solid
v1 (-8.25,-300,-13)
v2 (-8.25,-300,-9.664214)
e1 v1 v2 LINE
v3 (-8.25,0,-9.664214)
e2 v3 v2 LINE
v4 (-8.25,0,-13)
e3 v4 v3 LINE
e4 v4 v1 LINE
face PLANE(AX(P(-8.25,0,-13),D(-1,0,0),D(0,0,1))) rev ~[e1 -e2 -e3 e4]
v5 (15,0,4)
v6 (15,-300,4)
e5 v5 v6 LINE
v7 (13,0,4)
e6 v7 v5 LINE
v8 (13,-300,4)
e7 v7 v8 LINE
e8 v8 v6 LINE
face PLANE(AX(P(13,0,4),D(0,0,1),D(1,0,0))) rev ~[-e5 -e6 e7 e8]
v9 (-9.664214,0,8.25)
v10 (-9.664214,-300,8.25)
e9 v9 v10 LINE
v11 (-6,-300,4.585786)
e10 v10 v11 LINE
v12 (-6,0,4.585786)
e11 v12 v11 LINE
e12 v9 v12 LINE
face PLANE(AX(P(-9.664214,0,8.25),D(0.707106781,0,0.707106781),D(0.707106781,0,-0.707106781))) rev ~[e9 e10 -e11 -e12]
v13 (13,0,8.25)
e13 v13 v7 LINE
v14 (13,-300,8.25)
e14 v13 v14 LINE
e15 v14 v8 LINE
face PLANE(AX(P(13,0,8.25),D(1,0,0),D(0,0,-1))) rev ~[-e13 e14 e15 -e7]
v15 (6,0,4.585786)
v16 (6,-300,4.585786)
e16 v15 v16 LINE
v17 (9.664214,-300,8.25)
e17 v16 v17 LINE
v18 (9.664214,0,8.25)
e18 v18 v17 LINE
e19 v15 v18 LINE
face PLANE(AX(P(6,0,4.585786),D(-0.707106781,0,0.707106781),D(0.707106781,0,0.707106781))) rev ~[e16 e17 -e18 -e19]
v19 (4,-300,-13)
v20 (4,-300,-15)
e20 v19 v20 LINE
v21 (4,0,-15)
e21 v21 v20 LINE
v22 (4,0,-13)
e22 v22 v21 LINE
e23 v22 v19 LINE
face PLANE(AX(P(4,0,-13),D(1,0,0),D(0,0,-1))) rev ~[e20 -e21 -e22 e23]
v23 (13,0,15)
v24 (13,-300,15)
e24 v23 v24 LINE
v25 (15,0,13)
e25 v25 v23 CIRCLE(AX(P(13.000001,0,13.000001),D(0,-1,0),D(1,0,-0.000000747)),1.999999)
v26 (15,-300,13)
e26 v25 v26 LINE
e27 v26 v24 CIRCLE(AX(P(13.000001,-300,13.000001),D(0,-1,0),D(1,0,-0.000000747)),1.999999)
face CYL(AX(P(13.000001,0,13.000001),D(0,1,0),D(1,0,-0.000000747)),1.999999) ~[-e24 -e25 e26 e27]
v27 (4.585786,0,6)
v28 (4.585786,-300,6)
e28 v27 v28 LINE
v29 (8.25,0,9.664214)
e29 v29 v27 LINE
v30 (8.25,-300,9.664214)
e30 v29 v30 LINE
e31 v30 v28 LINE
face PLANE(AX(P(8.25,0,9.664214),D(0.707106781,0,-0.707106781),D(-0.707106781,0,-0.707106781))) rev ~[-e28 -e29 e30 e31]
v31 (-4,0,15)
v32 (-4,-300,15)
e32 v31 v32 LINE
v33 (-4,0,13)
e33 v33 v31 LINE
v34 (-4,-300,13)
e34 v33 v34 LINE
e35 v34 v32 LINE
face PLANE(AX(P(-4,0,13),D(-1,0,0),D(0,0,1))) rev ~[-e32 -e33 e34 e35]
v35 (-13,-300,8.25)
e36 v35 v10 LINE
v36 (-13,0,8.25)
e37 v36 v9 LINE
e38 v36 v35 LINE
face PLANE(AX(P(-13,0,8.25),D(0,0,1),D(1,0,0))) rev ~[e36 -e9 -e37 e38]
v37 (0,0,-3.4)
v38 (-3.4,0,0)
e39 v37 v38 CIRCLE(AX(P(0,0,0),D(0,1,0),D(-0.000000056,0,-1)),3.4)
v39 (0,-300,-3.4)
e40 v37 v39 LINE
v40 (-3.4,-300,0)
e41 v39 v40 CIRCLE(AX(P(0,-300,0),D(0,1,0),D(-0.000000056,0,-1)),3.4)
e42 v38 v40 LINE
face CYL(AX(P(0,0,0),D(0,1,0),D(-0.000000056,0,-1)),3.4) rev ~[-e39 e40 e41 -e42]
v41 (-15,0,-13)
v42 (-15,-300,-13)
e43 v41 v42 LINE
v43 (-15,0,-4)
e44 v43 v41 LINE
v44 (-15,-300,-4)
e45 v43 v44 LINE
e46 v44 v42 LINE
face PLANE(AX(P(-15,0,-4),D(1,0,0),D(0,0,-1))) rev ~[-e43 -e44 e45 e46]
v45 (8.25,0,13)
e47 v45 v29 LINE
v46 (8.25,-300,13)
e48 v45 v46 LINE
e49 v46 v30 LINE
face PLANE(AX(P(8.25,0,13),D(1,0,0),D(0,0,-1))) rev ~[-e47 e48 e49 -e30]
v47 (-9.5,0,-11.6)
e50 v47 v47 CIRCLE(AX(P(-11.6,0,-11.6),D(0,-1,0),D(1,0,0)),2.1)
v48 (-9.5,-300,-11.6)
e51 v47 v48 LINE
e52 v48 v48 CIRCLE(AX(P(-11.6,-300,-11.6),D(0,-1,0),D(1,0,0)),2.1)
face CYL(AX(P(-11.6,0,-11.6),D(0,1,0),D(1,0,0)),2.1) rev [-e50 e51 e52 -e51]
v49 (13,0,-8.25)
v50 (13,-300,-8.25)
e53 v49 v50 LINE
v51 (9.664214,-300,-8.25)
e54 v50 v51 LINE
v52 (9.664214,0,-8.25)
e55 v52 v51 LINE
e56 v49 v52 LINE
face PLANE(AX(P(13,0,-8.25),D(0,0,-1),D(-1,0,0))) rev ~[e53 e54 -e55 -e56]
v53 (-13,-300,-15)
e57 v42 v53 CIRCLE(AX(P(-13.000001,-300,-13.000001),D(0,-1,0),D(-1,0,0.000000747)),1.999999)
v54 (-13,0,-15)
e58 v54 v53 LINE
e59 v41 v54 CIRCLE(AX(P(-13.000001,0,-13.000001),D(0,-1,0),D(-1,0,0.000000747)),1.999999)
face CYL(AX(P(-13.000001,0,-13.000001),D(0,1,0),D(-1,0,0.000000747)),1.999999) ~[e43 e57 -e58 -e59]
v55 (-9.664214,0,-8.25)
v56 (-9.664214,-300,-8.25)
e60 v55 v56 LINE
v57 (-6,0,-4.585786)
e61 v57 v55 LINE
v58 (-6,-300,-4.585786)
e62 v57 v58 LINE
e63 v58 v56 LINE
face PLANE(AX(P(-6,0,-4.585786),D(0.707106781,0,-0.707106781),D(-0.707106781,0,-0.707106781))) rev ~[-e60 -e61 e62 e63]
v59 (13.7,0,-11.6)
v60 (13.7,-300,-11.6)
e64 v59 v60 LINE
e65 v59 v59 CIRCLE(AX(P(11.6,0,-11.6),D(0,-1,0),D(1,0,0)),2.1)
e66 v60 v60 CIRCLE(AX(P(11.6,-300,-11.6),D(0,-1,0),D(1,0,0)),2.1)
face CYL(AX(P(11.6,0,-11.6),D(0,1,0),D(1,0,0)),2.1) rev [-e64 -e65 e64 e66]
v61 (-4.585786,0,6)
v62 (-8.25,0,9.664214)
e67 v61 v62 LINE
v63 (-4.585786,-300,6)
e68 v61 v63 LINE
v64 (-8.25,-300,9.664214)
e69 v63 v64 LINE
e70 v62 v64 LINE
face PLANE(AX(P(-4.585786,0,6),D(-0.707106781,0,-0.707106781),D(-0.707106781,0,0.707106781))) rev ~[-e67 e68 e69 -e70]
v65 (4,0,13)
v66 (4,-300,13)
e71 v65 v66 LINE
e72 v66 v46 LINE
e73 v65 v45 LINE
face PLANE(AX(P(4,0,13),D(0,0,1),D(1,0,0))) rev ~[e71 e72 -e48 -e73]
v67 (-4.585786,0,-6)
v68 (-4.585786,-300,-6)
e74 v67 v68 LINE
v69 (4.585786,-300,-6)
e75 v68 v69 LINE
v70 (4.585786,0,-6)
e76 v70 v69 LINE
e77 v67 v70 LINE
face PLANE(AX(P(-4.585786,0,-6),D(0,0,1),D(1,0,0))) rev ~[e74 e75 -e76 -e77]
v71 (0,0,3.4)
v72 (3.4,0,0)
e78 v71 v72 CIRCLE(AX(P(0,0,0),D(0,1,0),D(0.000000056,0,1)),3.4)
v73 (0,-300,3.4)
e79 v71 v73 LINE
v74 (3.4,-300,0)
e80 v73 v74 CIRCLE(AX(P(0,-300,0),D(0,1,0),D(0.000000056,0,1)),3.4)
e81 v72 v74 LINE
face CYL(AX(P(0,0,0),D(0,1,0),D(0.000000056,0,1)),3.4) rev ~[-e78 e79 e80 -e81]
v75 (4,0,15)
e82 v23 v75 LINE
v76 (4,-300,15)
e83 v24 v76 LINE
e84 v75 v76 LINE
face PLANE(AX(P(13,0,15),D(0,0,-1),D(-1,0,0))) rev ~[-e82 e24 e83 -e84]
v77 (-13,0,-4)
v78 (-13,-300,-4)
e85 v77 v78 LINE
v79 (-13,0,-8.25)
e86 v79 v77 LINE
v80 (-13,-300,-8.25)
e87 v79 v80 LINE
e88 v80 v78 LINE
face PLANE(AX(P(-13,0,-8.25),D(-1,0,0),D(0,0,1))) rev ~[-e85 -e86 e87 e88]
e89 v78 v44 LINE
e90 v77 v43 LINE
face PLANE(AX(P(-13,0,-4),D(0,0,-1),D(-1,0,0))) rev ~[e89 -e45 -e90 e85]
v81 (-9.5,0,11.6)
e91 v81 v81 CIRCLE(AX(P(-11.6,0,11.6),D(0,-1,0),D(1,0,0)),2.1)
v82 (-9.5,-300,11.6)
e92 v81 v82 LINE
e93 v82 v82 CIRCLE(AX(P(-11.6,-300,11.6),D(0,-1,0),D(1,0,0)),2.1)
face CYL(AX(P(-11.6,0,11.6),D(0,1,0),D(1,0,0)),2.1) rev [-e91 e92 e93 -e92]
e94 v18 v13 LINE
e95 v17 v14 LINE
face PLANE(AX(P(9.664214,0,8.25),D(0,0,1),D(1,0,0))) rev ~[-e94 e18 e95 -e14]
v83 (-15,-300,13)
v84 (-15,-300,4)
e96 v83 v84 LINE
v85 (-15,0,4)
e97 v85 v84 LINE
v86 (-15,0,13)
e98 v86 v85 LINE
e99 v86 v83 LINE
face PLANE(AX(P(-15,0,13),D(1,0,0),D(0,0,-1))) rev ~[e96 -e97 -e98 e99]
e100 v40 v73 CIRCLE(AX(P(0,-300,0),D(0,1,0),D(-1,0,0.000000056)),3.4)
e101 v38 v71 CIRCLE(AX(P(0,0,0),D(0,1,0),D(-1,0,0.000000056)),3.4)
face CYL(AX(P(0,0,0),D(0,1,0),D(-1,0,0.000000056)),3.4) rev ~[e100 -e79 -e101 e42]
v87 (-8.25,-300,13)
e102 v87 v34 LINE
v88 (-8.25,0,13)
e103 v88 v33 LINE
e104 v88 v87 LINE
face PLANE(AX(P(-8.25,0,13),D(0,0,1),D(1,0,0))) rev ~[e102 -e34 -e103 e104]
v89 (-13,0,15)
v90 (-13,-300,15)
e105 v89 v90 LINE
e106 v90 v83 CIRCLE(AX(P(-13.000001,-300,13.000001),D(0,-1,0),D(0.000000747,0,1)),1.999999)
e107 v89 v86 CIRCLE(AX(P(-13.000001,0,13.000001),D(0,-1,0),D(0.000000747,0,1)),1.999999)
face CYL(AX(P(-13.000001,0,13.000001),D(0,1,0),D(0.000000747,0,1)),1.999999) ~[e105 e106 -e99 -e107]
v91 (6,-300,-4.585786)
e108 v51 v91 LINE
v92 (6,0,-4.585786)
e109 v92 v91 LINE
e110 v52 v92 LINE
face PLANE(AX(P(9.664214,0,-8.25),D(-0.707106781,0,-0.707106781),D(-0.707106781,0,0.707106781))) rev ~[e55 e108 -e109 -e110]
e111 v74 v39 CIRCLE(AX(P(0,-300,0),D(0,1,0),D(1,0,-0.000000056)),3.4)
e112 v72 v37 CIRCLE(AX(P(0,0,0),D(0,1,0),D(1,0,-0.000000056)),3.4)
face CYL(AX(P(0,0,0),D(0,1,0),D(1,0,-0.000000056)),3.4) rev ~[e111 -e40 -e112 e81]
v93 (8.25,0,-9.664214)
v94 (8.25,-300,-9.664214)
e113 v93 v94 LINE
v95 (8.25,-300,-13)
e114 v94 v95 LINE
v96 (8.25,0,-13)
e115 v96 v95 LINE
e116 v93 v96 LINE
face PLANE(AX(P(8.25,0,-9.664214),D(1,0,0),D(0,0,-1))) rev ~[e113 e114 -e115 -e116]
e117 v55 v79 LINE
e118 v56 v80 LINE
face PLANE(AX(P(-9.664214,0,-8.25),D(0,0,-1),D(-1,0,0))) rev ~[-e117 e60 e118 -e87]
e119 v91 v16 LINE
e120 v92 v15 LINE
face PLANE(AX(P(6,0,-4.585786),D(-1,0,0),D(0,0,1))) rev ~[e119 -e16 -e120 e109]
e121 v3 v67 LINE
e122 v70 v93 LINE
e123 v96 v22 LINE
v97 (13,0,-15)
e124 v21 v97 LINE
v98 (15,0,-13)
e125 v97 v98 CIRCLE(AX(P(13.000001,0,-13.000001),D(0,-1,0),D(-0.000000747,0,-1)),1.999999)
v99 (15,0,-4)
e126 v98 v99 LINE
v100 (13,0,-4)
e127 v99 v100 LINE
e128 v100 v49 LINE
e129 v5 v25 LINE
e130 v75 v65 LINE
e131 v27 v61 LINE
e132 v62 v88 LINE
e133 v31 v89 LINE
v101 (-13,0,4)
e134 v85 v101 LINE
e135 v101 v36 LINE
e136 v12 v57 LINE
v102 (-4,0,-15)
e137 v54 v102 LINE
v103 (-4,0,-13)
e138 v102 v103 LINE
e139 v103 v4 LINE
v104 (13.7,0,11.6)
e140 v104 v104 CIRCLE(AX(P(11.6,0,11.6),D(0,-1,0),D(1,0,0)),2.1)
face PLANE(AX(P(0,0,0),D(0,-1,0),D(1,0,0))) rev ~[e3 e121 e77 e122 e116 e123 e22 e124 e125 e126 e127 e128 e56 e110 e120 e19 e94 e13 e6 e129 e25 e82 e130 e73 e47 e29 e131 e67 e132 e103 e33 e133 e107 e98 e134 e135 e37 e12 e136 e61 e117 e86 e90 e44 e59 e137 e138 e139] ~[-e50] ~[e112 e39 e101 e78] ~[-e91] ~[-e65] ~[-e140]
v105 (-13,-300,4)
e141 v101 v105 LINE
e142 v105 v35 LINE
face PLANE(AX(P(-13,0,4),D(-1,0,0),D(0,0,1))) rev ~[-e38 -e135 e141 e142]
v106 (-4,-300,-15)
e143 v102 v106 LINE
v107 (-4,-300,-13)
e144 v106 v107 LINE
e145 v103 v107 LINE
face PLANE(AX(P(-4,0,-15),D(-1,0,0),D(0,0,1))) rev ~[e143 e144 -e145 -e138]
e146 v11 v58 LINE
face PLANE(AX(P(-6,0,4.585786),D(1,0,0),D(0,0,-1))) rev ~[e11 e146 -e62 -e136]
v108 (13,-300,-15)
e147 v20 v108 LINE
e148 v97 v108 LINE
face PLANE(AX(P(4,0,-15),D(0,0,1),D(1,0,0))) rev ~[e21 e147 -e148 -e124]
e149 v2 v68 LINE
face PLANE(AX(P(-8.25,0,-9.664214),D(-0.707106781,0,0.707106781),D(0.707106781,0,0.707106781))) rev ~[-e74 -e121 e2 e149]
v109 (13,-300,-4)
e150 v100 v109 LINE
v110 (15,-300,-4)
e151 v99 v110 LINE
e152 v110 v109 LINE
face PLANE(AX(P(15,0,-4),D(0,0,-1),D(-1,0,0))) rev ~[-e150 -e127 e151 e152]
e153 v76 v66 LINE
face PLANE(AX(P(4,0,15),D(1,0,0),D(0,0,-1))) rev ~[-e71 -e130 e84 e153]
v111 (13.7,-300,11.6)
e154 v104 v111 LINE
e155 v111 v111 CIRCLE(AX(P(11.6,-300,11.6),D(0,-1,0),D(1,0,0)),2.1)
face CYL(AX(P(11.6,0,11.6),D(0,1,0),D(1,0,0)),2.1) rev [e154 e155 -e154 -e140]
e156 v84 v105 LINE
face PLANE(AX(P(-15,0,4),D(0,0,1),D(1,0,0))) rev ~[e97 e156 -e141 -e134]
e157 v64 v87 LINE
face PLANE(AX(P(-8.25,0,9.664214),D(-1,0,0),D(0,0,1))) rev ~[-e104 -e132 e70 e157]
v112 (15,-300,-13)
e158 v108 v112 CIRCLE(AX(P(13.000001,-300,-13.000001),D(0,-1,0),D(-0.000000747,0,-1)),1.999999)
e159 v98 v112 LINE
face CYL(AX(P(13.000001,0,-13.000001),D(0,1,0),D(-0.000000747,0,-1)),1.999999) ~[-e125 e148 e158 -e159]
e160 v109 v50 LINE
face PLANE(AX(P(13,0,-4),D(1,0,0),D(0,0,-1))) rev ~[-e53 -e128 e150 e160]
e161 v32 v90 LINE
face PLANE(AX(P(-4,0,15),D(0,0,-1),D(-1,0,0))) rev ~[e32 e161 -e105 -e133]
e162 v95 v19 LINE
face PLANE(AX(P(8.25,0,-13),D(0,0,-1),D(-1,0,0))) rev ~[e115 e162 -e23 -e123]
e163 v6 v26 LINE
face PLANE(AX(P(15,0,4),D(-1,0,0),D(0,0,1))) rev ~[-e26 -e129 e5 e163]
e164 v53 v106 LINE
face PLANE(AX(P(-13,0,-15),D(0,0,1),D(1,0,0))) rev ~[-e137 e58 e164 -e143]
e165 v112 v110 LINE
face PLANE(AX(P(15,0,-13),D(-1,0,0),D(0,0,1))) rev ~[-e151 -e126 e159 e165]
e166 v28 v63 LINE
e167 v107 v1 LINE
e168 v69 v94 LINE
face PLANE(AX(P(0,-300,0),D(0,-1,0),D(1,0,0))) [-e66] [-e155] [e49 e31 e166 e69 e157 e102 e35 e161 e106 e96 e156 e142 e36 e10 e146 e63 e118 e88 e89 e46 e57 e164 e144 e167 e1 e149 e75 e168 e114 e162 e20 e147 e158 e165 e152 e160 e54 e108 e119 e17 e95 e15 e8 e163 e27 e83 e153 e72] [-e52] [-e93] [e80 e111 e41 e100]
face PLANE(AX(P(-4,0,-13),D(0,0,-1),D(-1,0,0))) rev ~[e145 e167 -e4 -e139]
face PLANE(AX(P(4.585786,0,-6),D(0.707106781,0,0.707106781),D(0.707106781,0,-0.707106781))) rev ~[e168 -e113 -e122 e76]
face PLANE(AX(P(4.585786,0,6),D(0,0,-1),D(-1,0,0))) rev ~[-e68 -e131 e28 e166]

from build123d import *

# Parameters (mm, degrees)
F0_R     = 2.1
F1_DEPTH = 300


with BuildPart() as f1:
    # F0 (on Front) → F1 (new body)
    with BuildSketch(Plane.XZ):
        with BuildLine():
            Line((4.585786, 6), (0, 6))
            Line((0, 6), (-4.585786, 6))
            Line((-4.585786, 6), (-8.25, 9.664214))
            Line((-8.25, 9.664214), (-8.25, 13))
            Line((-8.25, 13), (-4, 13))
            Line((-4, 13), (-4, 15))
            Line((-4, 15), (-13, 15))
            ThreePointArc((-13, 15), (-14.414214, 14.414214), (-15, 13))
            Line((-15, 13), (-15, 4))
            Line((-15, 4), (-13, 4))
            Line((-13, 4), (-13, 8.25))
            Line((-13, 8.25), (-9.664214, 8.25))
            Line((-9.664214, 8.25), (-6, 4.585786))
            Line((-6, 4.585786), (-6, 0))
            Line((-6, 0), (-6, -4.585786))
            Line((-6, -4.585786), (-9.664214, -8.25))
            Line((-9.664214, -8.25), (-13, -8.25))
            Line((-13, -8.25), (-13, -4))
            Line((-13, -4), (-15, -4))
            Line((-15, -4), (-15, -13))
            ThreePointArc((-15, -13), (-14.414214, -14.414214), (-13, -15))
            Line((-13, -15), (-4, -15))
            Line((-4, -15), (-4, -13))
            Line((-4, -13), (-8.25, -13))
            Line((-8.25, -13), (-8.25, -9.664214))
            Line((-8.25, -9.664214), (-4.585786, -6))
            Line((-4.585786, -6), (0, -6))
            Line((0, -6), (4.585786, -6))
            Line((4.585786, -6), (8.25, -9.664214))
            Line((8.25, -9.664214), (8.25, -13))
            Line((8.25, -13), (4, -13))
            Line((4, -13), (4, -15))
            Line((4, -15), (13, -15))
            ThreePointArc((13, -15), (14.414214, -14.414214), (15, -13))
            Line((15, -13), (15, -4))
            Line((15, -4), (13, -4))
            Line((13, -4), (13, -8.25))
            Line((13, -8.25), (9.664214, -8.25))
            Line((9.664214, -8.25), (6, -4.585786))
            Line((6, -4.585786), (6, 0))
            Line((6, 0), (6, 4.585786))
            Line((6, 4.585786), (9.664214, 8.25))
            Line((9.664214, 8.25), (13, 8.25))
            Line((13, 8.25), (13, 4))
            Line((13, 4), (15, 4))
            Line((15, 4), (15, 13))
            ThreePointArc((15, 13), (14.414214, 14.414214), (13, 15))
            Line((13, 15), (4, 15))
            Line((4, 15), (4, 13))
            Line((4, 13), (8.25, 13))
            Line((8.25, 13), (8.25, 9.664214))
            Line((8.25, 9.664214), (4.585786, 6))
        make_face()
        with Locations((-11.6, -11.6)):
            Circle(F0_R, mode=Mode.SUBTRACT)
        with Locations((11.6, -11.6)):
            Circle(F0_R, mode=Mode.SUBTRACT)
        with Locations((-11.6, 11.6)):
            Circle(F0_R, mode=Mode.SUBTRACT)
        with BuildLine():
            ThreePointArc((-3.4, 0), (-2.404163, 2.404163), (0, 3.4))
            ThreePointArc((0, 3.4), (2.404163, 2.404163), (3.4, 0))
            ThreePointArc((3.4, 0), (2.404163, -2.404163), (0, -3.4))
            ThreePointArc((0, -3.4), (-2.404163, -2.404163), (-3.4, 0))
        make_face(mode=Mode.SUBTRACT)
        with Locations((11.6, 11.6)):
            Circle(F0_R, mode=Mode.SUBTRACT)
    extrude(amount=F1_DEPTH)


solid = f1.part
